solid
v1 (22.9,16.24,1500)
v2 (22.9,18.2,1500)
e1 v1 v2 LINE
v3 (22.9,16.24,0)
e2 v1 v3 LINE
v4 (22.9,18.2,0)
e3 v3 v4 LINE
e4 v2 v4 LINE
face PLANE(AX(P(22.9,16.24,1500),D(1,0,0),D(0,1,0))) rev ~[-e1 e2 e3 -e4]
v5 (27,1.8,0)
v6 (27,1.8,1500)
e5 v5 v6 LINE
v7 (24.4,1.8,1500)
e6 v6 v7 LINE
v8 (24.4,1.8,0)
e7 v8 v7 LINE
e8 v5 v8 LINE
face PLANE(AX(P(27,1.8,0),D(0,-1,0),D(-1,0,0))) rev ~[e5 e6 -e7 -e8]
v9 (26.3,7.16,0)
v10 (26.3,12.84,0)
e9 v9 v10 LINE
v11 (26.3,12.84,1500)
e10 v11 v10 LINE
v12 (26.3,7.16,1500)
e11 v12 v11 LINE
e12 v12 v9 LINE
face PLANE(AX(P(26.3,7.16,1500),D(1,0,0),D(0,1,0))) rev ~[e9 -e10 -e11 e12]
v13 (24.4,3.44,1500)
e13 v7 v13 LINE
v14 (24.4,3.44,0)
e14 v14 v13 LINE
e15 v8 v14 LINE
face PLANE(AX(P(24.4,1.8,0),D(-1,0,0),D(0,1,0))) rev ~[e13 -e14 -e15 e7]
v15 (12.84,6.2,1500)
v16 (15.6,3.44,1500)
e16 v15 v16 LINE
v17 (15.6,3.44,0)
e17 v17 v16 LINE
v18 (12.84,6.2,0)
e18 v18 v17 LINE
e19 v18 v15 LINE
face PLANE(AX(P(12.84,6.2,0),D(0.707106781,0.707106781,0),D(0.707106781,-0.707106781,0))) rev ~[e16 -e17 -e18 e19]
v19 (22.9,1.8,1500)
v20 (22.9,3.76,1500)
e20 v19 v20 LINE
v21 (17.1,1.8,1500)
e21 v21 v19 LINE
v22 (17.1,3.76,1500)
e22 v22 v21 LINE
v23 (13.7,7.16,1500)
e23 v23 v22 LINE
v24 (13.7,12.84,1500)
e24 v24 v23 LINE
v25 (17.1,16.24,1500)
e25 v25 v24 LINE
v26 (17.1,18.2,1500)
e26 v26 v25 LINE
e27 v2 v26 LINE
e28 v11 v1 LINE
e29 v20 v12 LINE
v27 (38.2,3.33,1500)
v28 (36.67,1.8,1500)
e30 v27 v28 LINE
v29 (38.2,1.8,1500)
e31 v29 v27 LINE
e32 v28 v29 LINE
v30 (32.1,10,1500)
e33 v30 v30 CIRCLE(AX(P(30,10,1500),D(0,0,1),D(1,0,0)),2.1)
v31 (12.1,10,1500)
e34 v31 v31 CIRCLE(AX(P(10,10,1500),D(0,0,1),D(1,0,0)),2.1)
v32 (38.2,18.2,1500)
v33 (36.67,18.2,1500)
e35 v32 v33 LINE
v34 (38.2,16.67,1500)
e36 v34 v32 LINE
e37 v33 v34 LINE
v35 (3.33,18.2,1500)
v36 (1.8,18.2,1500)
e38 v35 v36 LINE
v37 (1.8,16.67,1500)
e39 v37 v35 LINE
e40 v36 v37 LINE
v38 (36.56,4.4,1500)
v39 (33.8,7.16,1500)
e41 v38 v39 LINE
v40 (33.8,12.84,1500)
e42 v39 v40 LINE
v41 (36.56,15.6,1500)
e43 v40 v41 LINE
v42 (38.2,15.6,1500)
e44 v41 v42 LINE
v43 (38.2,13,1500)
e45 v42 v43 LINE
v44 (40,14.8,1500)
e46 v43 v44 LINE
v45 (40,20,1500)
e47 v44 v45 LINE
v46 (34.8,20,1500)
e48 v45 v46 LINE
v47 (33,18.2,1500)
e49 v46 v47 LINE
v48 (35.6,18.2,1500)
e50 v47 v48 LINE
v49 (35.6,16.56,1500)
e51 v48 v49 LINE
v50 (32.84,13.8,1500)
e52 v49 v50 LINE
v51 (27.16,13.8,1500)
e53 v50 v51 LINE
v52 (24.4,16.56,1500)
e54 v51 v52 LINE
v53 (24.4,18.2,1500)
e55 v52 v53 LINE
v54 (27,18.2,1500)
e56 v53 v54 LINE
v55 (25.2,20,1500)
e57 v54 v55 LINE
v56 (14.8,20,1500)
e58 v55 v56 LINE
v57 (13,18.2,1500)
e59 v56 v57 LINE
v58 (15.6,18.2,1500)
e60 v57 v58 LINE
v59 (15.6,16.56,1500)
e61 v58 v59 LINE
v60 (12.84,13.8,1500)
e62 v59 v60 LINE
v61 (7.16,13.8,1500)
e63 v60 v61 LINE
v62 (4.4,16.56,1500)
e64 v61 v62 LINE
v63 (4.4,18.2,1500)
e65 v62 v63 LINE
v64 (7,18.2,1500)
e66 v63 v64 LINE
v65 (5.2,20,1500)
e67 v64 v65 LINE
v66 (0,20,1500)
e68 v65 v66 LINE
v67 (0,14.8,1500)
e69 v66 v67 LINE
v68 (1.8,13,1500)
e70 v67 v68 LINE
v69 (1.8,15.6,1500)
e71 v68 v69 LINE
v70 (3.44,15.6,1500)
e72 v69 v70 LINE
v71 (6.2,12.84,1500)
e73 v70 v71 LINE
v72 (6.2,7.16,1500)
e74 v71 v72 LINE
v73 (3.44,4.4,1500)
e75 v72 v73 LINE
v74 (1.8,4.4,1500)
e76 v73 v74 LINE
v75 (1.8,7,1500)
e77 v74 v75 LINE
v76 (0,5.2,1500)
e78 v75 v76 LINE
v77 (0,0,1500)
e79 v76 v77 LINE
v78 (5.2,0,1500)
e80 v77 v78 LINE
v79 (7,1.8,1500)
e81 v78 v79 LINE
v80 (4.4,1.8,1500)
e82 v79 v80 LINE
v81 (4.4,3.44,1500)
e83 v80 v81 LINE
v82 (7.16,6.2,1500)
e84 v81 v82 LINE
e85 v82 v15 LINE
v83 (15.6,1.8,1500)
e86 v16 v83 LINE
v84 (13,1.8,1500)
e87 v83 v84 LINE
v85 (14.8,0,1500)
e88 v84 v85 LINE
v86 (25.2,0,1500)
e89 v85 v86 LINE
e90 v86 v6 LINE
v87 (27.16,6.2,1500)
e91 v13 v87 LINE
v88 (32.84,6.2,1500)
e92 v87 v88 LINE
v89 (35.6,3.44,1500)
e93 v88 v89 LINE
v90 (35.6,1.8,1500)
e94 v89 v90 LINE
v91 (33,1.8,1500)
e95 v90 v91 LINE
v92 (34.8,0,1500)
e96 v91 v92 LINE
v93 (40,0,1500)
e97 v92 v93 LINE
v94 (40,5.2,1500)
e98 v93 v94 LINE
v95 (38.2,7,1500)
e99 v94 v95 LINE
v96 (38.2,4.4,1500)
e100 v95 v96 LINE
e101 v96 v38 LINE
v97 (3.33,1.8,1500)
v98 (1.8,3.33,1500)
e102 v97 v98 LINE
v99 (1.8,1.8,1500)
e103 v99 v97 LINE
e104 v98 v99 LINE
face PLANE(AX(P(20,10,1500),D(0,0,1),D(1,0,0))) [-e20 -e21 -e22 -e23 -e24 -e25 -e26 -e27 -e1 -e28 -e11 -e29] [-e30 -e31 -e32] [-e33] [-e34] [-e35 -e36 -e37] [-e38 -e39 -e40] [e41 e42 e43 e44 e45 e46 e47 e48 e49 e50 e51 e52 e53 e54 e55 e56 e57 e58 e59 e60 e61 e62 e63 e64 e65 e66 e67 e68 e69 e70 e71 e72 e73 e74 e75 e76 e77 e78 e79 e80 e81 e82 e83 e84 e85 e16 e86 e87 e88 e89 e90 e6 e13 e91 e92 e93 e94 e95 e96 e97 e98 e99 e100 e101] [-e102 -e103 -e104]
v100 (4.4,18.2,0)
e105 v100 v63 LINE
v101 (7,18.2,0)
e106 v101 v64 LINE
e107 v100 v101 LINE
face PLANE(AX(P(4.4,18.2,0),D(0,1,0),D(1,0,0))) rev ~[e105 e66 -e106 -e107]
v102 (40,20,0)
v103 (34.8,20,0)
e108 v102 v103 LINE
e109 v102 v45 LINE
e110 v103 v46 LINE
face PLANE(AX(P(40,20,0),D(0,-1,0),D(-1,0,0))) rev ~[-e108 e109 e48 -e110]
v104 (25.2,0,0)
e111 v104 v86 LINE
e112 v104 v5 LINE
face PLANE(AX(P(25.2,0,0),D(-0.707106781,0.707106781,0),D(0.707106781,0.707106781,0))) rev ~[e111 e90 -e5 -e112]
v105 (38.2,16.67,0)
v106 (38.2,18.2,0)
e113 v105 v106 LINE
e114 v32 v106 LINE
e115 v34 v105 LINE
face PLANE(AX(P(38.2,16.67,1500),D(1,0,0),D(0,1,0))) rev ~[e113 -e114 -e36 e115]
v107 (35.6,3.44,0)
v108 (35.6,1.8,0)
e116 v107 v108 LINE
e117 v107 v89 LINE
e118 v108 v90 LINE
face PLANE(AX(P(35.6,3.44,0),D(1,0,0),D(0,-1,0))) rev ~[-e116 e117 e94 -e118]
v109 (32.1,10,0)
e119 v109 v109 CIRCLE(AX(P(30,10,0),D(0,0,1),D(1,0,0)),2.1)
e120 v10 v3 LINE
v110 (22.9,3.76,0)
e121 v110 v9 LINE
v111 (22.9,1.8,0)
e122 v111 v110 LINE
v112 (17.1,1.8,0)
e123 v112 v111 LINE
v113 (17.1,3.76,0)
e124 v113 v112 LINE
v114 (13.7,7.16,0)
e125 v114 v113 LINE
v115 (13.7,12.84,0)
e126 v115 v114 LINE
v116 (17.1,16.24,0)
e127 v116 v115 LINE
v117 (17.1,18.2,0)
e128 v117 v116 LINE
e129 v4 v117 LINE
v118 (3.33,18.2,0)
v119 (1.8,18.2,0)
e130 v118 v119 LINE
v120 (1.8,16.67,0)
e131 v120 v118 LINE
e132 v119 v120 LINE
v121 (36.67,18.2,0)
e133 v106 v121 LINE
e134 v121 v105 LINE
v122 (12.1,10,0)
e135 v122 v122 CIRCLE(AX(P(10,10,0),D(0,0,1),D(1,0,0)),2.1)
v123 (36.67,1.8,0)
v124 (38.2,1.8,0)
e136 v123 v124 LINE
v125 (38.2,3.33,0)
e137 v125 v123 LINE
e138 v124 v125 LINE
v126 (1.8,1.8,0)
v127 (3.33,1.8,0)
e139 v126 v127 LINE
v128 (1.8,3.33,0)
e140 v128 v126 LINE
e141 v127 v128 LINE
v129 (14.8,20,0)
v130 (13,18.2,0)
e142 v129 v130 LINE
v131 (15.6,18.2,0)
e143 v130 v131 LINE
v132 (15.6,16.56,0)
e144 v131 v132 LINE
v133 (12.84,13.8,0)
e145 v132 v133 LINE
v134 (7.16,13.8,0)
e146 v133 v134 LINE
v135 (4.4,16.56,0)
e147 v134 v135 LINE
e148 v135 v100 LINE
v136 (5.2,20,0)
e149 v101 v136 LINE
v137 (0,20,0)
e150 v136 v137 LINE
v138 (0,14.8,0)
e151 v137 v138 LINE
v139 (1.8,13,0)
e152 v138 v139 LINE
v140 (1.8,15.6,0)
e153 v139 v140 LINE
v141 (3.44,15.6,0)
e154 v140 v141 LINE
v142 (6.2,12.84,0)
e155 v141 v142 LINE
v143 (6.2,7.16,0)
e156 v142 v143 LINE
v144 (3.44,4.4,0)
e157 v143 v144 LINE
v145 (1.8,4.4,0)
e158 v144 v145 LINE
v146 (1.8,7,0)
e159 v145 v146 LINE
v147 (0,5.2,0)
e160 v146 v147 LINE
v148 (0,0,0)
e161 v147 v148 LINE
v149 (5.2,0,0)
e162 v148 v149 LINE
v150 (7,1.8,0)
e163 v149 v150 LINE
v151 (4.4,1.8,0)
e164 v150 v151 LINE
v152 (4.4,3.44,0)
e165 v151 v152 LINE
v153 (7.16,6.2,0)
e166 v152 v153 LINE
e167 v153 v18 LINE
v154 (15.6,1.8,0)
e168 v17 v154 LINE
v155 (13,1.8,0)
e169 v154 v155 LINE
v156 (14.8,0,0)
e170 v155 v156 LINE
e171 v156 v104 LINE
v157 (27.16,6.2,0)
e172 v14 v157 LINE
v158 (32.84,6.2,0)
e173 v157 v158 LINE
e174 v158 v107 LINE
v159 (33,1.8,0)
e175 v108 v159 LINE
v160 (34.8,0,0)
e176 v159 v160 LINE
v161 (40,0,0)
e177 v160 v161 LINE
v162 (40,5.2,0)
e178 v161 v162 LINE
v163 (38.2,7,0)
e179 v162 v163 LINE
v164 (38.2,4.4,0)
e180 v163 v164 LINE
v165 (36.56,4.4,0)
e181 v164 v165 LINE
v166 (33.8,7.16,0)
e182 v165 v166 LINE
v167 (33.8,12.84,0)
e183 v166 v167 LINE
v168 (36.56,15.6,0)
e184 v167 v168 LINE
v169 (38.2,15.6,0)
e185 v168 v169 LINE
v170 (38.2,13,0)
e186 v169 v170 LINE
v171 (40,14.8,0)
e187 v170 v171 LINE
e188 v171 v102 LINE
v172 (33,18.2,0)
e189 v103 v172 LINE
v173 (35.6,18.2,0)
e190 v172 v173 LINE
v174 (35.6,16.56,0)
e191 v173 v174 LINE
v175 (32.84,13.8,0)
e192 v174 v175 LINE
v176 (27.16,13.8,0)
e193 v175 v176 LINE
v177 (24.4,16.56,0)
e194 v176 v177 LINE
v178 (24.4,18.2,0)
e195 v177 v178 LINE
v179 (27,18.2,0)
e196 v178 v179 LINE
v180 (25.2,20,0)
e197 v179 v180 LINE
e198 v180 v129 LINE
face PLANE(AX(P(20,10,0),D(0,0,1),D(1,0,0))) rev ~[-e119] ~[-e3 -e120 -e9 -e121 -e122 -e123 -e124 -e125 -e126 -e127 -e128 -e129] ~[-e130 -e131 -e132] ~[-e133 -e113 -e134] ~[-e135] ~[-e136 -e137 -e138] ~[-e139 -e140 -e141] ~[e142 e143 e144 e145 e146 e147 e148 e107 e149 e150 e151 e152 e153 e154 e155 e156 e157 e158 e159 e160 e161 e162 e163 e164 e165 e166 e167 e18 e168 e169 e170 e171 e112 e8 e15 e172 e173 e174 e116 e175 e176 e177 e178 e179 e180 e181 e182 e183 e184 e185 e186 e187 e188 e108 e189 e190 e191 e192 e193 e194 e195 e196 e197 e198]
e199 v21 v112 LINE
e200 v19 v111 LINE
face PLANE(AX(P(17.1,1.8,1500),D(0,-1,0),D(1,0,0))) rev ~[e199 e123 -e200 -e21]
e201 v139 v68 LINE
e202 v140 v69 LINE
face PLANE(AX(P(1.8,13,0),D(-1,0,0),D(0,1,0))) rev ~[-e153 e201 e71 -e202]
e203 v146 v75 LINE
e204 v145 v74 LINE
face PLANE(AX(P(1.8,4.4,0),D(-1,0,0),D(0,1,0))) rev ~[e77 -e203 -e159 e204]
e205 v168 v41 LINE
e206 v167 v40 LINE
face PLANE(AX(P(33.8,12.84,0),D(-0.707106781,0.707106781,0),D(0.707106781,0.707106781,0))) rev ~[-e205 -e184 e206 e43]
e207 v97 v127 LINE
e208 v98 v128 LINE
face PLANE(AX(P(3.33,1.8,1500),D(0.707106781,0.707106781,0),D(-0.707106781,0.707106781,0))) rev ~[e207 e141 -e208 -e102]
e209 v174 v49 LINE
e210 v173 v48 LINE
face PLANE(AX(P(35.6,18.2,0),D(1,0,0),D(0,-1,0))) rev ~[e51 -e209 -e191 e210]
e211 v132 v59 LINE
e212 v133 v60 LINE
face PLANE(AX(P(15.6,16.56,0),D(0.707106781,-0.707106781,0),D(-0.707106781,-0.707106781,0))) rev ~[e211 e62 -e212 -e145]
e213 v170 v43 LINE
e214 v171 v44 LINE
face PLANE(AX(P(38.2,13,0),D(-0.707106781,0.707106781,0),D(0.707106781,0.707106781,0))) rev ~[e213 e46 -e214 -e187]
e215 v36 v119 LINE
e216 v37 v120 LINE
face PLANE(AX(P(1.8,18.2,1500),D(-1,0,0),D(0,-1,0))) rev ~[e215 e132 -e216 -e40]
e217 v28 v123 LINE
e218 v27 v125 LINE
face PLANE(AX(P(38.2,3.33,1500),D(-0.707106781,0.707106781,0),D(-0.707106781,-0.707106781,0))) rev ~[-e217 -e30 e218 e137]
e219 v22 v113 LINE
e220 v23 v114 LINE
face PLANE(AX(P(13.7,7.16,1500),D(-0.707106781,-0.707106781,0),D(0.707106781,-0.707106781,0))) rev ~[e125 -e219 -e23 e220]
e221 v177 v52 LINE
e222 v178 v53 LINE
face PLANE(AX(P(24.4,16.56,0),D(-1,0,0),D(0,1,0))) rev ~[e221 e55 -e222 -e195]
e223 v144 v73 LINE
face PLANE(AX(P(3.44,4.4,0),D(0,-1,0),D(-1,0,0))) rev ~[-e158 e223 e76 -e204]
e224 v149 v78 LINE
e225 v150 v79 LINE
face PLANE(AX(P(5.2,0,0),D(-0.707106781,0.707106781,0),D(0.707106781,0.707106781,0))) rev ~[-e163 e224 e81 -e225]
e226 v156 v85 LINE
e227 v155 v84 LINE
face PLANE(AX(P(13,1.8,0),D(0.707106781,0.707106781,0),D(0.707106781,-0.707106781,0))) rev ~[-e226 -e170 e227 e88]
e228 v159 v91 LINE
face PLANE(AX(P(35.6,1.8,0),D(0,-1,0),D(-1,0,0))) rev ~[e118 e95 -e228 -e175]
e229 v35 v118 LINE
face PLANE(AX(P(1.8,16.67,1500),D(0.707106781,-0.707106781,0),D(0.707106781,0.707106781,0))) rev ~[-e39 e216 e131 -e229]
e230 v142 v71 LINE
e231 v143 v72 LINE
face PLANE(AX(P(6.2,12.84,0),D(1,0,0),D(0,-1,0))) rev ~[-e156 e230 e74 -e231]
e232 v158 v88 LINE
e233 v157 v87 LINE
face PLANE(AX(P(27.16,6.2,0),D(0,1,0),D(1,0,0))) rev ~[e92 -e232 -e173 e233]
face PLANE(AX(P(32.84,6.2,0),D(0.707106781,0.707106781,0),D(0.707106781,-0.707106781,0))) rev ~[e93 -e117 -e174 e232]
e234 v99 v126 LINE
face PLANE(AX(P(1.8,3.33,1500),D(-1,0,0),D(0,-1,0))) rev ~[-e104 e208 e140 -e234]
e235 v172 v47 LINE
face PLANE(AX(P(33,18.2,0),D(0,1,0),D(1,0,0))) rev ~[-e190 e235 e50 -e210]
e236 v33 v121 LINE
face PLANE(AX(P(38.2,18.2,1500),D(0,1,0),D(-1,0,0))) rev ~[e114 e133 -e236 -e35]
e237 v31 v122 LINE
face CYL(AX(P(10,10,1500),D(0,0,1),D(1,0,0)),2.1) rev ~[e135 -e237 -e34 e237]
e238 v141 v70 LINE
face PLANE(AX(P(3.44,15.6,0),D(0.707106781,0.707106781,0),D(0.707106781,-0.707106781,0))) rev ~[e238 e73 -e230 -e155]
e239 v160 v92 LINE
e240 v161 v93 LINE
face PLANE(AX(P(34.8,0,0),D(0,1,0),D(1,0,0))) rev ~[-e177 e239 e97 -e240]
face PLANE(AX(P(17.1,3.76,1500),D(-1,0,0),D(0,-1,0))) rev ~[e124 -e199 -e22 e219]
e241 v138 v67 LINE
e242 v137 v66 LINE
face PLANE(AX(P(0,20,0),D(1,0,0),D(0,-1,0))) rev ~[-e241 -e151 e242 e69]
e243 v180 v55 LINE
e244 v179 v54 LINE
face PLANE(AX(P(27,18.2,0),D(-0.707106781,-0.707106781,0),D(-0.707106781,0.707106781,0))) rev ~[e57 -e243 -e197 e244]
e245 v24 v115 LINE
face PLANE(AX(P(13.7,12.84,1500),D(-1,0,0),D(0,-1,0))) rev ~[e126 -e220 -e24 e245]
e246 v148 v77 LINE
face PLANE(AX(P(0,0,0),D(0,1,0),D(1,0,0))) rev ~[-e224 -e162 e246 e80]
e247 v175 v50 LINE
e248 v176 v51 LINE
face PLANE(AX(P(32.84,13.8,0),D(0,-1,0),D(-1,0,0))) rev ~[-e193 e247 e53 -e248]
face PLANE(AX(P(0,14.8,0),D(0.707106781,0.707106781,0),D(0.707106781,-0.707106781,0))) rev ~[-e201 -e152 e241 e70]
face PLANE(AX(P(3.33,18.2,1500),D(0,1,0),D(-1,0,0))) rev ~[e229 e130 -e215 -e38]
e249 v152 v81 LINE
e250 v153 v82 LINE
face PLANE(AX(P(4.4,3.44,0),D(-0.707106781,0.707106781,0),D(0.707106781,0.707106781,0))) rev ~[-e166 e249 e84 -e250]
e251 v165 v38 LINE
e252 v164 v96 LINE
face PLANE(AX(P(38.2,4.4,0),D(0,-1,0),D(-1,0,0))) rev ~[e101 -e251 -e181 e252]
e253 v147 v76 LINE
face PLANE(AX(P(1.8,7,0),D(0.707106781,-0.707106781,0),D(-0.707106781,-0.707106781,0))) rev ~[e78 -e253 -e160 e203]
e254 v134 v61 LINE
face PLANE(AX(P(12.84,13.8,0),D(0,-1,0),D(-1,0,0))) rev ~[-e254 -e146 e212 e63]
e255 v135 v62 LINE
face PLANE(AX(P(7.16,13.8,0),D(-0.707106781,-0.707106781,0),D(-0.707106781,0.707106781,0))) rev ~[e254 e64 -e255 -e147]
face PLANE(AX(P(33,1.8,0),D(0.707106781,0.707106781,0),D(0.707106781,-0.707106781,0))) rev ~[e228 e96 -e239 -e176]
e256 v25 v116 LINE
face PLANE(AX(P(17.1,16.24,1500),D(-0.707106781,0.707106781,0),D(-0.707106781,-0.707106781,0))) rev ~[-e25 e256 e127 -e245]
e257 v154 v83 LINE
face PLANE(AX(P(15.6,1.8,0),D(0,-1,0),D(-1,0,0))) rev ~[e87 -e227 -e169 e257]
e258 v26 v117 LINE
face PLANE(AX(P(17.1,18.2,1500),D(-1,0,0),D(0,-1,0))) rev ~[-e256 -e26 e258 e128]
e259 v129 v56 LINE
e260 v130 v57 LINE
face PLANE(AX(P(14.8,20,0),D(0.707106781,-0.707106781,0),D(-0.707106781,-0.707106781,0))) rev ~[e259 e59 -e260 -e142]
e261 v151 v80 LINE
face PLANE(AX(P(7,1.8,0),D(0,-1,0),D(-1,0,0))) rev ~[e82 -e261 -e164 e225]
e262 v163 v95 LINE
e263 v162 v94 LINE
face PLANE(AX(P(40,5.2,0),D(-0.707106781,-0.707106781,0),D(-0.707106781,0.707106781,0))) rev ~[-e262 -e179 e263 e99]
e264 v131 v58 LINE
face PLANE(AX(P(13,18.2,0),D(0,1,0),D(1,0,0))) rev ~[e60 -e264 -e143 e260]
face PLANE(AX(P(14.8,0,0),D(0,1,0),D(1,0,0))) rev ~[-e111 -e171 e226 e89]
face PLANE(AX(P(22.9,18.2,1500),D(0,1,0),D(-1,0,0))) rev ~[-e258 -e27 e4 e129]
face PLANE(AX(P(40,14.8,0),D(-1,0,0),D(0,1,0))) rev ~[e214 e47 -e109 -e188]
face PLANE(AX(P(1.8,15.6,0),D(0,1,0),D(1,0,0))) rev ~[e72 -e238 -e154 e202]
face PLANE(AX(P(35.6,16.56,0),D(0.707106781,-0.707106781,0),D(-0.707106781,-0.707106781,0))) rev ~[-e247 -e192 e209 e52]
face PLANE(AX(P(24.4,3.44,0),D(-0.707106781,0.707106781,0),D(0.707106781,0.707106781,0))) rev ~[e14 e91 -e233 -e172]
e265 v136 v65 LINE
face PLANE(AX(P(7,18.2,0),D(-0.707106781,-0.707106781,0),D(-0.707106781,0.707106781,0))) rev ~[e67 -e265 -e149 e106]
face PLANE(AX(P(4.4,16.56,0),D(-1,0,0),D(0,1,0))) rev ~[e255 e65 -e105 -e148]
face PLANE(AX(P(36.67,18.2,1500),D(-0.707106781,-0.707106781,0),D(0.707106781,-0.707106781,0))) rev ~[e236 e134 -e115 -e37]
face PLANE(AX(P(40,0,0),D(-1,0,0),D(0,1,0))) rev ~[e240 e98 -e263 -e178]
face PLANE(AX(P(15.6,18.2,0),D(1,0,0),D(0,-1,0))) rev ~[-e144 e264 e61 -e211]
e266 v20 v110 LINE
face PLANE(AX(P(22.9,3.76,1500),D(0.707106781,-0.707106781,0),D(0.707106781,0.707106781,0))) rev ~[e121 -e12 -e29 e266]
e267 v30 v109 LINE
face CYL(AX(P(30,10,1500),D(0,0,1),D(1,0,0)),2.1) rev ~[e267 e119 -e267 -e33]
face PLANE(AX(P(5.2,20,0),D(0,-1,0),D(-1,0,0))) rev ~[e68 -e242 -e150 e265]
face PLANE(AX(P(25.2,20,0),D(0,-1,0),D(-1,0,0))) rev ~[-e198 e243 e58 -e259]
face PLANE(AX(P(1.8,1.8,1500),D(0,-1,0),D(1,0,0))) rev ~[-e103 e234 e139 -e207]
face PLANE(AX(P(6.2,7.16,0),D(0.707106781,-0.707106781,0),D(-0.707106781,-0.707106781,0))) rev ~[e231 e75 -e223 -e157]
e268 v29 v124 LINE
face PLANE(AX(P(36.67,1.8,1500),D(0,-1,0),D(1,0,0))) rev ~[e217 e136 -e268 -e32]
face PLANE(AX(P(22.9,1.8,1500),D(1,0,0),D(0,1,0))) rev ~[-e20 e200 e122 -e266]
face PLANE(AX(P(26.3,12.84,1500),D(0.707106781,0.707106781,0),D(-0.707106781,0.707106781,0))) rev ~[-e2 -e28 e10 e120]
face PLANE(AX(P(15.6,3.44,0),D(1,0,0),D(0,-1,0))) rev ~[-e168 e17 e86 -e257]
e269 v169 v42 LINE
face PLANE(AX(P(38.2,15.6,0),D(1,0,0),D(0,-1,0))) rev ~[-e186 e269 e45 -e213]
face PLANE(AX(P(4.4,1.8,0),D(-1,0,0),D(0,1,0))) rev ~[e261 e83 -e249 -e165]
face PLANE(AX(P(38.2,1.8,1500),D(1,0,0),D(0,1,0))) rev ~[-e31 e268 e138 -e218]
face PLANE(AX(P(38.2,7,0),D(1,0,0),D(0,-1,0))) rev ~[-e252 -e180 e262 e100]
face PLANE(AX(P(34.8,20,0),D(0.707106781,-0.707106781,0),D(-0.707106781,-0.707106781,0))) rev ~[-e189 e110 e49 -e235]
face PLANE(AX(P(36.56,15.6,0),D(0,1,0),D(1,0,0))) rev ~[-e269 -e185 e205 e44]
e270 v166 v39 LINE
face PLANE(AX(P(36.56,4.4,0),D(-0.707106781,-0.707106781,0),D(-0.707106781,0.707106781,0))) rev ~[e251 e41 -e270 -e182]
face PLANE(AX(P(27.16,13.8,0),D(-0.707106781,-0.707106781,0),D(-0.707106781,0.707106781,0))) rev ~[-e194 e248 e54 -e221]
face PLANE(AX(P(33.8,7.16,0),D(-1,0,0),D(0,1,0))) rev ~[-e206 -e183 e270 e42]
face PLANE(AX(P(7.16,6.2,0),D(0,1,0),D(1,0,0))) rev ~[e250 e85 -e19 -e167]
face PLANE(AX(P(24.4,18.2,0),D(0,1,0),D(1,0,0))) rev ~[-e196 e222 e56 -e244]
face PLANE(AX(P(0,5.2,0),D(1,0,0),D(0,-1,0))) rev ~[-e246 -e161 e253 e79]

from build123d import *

# Parameters (mm, degrees)
F1_DEPTH = 1500
F3_DEPTH = 1500.001
F4_R     = 2.1
F5_DEPTH = 1500.001


with BuildPart() as f1:
    # F0 (on Top) → F1 (new body)
    with BuildSketch(Plane.XY):
        Polygon((0, 5.2), (0, 0), (5.2, 0), (7, 1.8), (4.4, 1.8), (4.4, 3.44), (7.16, 6.2), (12.84, 6.2), (15.6, 3.44), (15.6, 1.8), (13, 1.8), (14.8, 0), (25.2, 0), (27, 1.8), (24.4, 1.8), (24.4, 3.44), (27.16, 6.2), (32.84, 6.2), (35.6, 3.44), (35.6, 1.8), (33, 1.8), (34.8, 0), (40, 0), (40, 5.2), (38.2, 7), (38.2, 4.4), (36.56, 4.4), (33.8, 7.16), (33.8, 12.84), (36.56, 15.6), (38.2, 15.6), (38.2, 13), (40, 14.8), (40, 20), (34.8, 20), (33, 18.2), (35.6, 18.2), (35.6, 16.56), (32.84, 13.8), (27.16, 13.8), (24.4, 16.56), (24.4, 18.2), (27, 18.2), (25.2, 20), (14.8, 20), (13, 18.2), (15.6, 18.2), (15.6, 16.56), (12.84, 13.8), (7.16, 13.8), (4.4, 16.56), (4.4, 18.2), (7, 18.2), (5.2, 20), (0, 20), (0, 14.8), (1.8, 13), (1.8, 15.6), (3.44, 15.6), (6.2, 12.84), (6.2, 7.16), (3.44, 4.4), (1.8, 4.4), (1.8, 7), align=None)
    extrude(amount=F1_DEPTH)

    # F2 (on face) → F3 (cut, through all)
    with BuildSketch(Plane.XY.offset(1500)):
        Polygon((3.33, 18.2), (1.8, 18.2), (1.8, 16.67), align=None)
        Polygon((1.8, 3.33), (1.8, 1.8), (3.33, 1.8), align=None)
        Polygon((36.67, 1.8), (38.2, 1.8), (38.2, 3.33), align=None)
        Polygon((38.2, 16.67), (38.2, 18.2), (36.67, 18.2), align=None)
    extrude(amount=-F3_DEPTH, mode=Mode.SUBTRACT)

    # F4 (on face) → F5 (cut, through all)
    with BuildSketch(Plane.XY.offset(1500)):
        Polygon((22.9, 18.2), (17.1, 18.2), (17.1, 16.24), (13.7, 12.84), (13.7, 7.16), (17.1, 3.76), (17.1, 1.8), (22.9, 1.8), (22.9, 3.76), (26.3, 7.16), (26.3, 12.84), (22.9, 16.24), align=None)
        with Locations((30, 10)):
            Circle(F4_R)
        with Locations((10, 10)):
            Circle(F4_R)
    extrude(amount=-F5_DEPTH, mode=Mode.SUBTRACT)


solid = f1.part
